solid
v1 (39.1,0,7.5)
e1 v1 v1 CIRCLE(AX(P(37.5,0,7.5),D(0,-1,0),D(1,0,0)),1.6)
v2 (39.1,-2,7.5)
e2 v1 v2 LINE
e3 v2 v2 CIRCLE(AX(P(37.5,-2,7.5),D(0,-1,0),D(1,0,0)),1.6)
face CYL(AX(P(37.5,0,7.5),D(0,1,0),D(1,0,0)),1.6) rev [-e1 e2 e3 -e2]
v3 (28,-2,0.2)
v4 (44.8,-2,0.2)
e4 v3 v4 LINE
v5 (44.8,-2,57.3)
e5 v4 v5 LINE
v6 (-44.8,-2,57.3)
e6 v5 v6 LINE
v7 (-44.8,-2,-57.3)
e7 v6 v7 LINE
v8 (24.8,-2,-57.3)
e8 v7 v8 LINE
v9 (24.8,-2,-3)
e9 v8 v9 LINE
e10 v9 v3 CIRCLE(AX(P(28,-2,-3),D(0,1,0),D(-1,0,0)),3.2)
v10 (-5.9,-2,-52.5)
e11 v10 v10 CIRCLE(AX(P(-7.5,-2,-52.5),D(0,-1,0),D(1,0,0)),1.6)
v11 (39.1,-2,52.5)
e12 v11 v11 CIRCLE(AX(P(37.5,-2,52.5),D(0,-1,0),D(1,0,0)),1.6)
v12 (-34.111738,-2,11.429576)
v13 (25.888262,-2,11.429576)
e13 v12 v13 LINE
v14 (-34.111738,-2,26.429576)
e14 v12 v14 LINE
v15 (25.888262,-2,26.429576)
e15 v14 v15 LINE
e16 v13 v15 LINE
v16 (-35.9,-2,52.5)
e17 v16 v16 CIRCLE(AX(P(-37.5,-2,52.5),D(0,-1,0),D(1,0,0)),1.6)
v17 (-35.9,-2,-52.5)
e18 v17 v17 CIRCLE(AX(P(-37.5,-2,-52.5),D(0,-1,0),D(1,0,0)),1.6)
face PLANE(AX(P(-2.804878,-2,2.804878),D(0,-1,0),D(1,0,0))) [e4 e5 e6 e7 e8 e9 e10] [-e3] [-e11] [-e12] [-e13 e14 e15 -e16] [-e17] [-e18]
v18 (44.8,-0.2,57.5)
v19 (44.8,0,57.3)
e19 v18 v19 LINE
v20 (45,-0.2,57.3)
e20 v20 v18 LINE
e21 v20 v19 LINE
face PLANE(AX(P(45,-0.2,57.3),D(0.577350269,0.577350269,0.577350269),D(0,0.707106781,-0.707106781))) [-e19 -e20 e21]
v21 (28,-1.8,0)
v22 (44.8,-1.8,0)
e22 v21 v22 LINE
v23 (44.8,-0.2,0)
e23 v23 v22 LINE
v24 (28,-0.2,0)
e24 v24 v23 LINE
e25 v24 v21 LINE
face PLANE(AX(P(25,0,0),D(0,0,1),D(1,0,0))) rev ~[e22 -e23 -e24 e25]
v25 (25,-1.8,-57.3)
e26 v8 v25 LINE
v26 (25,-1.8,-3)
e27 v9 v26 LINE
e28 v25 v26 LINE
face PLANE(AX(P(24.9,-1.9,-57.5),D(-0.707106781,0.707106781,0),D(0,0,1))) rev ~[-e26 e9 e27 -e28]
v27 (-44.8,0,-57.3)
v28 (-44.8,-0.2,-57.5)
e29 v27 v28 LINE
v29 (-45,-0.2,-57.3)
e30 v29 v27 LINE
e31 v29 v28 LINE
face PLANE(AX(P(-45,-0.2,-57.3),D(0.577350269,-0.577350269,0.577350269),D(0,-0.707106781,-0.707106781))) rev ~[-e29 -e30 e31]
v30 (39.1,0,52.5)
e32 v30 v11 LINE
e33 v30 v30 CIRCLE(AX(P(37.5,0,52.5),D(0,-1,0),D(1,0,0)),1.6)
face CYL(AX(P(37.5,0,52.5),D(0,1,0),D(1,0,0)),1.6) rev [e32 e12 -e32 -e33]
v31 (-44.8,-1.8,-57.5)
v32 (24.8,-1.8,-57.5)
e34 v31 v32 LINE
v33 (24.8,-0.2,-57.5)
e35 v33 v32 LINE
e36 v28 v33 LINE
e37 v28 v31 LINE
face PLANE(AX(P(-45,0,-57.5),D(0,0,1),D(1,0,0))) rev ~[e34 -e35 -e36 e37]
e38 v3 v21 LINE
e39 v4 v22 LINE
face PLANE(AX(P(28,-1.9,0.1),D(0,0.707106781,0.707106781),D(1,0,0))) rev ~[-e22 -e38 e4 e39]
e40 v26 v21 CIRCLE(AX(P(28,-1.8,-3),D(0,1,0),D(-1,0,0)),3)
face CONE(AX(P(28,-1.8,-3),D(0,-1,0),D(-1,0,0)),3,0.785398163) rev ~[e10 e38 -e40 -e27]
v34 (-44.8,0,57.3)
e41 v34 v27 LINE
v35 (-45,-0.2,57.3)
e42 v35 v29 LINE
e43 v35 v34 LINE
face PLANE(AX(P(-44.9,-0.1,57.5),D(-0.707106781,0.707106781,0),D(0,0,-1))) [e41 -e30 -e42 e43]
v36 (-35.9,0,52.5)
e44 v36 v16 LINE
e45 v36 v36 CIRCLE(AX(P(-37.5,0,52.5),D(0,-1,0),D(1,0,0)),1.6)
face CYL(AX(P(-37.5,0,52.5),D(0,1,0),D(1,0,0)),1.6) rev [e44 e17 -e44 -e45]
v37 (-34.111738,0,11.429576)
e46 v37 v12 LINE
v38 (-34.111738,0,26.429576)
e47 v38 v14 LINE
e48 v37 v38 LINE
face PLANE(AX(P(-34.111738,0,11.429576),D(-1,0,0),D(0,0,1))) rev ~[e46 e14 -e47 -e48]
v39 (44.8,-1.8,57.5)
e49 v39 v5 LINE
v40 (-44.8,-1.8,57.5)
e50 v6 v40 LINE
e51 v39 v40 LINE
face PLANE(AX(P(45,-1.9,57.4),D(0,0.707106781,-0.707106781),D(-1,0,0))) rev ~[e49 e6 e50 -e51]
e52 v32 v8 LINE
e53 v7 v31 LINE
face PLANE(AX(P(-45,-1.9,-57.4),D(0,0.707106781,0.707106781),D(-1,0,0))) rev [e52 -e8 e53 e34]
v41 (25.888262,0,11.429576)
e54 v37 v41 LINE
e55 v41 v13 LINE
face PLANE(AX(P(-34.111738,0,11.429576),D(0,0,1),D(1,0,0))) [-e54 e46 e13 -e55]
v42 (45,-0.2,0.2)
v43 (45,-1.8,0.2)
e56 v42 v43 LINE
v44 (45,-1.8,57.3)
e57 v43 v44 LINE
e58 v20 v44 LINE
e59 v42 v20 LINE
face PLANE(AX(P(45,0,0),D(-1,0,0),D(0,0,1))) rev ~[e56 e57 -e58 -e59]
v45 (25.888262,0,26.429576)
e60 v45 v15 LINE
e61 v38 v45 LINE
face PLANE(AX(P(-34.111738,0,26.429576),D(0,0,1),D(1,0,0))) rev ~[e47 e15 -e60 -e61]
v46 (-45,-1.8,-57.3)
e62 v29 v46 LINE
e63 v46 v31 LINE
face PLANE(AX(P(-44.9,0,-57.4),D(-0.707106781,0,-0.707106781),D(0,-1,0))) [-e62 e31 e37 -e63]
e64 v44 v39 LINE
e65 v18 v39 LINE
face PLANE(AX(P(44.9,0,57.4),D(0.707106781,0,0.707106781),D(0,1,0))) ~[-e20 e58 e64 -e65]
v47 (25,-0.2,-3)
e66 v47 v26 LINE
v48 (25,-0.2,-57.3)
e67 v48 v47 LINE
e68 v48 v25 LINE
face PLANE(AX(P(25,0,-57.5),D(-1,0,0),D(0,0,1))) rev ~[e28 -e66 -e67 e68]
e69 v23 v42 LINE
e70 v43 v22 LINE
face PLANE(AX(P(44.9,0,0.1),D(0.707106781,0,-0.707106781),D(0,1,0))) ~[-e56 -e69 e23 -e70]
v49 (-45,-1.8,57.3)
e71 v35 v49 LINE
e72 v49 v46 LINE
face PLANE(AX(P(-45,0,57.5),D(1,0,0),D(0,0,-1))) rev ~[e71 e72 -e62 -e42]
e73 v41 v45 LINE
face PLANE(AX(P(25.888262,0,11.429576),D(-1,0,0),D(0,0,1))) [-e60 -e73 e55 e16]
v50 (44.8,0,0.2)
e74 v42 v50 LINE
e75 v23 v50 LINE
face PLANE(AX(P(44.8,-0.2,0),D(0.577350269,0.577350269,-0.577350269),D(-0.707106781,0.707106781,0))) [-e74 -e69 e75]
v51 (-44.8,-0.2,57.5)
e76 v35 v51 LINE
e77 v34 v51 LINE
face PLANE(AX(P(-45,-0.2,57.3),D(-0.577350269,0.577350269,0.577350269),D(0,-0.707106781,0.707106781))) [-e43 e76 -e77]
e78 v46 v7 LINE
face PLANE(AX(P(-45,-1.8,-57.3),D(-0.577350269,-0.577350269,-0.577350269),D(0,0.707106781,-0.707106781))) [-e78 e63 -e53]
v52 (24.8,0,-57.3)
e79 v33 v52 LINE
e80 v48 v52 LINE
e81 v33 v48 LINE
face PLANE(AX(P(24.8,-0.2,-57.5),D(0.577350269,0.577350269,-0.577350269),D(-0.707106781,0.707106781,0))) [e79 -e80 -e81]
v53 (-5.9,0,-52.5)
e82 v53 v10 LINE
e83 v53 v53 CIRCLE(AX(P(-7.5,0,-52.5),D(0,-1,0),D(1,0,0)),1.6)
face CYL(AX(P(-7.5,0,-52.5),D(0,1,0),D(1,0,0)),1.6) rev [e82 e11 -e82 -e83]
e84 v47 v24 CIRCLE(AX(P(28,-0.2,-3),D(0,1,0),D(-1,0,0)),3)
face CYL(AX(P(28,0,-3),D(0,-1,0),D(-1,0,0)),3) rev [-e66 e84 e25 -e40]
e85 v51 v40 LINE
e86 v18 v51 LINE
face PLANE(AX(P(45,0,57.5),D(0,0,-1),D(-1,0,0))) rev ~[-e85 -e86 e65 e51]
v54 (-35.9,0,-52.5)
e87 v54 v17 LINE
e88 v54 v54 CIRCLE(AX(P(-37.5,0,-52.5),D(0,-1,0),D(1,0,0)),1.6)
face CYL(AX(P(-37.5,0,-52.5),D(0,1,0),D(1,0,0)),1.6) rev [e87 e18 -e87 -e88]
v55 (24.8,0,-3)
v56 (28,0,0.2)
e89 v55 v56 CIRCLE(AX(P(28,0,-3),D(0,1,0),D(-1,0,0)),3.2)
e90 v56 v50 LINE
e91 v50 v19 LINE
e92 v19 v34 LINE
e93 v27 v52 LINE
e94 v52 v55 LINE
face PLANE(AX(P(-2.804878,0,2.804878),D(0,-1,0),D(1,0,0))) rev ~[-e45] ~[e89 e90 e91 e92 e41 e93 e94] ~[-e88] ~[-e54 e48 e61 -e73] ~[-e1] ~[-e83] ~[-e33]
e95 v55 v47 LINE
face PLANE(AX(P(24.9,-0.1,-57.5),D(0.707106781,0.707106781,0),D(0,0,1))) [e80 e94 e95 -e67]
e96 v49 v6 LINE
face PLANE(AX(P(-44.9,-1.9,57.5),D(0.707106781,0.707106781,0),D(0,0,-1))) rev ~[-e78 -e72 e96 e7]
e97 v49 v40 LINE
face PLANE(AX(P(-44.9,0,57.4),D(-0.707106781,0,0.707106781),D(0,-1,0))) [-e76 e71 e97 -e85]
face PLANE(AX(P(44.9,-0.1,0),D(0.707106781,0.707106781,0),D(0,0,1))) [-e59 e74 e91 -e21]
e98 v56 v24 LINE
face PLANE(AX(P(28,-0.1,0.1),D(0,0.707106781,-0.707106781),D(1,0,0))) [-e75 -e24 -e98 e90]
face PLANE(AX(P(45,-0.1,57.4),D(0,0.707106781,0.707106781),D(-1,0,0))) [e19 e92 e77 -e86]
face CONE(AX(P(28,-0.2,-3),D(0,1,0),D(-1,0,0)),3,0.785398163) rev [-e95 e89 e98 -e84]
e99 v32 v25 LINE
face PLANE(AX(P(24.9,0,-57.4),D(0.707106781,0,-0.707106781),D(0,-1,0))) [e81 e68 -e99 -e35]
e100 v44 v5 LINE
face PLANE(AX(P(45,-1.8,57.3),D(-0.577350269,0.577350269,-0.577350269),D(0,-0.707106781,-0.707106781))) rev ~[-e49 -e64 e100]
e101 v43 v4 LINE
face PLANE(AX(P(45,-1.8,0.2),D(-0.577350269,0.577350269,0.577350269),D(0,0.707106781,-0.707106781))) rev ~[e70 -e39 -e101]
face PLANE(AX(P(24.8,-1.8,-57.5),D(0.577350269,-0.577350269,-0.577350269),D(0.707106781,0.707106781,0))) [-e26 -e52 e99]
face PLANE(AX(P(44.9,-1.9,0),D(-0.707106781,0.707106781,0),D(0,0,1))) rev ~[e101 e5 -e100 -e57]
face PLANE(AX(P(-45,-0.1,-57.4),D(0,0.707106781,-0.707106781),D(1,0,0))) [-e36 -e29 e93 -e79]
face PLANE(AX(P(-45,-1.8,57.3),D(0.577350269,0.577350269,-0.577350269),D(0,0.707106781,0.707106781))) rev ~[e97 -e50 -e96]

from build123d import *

# Parameters (mm, degrees)
F0_R     = 1.6
F0_W     = 60
F0_H     = 15
F1_DEPTH = 2
F2_R     = 3
F3_SIZE  = 0.2


with BuildPart() as f1:
    # F0 (on Front) → F1 (new body)
    with BuildSketch(Plane.XZ):
        Polygon((-45, -57.5), (25, -57.5), (25, 0), (45, 0), (45, 57.5), (-45, 57.5), align=None)
        with Locations((-37.5, -52.5)):
            Circle(F0_R, mode=Mode.SUBTRACT)
        with Locations((-7.5, -52.5)):
            Circle(F0_R, mode=Mode.SUBTRACT)
        with Locations((-4.111738, 18.929576)):
            Rectangle(F0_W, F0_H, mode=Mode.SUBTRACT)
        with Locations((-37.5, 52.5)):
            Circle(F0_R, mode=Mode.SUBTRACT)
        with Locations((37.5, 7.5)):
            Circle(F0_R, mode=Mode.SUBTRACT)
        with Locations((37.5, 52.5)):
            Circle(F0_R, mode=Mode.SUBTRACT)
    extrude(amount=F1_DEPTH)

    # F2
    f2_edges = [f1.edges().sort_by_distance(p)[0] for p in [
        (25, -1, 0),
    ]]
    fillet(f2_edges, radius=F2_R)

    # F3
    f3_edges = [f1.edges().sort_by_distance(p)[0] for p in [
        (0, -2, 57.5),
        (0, 0, 57.5),
        (45, -1, 57.5),
        (45, 0, 28.75),
        (36.5, -2, 0),
        (45, -2, 28.75),
        (-10, -2, -57.5),
        (45, -1, 0),
        (36.5, 0, 0),
        (25, -1, -57.5),
        (-10, 0, -57.5),
        (-45, 0, 0),
        (-45, -2, 0),
        (-45, -1, 57.5),
        (-45, -1, -57.5),
    ]]
    chamfer(f3_edges, length=F3_SIZE)


solid = f1.part
